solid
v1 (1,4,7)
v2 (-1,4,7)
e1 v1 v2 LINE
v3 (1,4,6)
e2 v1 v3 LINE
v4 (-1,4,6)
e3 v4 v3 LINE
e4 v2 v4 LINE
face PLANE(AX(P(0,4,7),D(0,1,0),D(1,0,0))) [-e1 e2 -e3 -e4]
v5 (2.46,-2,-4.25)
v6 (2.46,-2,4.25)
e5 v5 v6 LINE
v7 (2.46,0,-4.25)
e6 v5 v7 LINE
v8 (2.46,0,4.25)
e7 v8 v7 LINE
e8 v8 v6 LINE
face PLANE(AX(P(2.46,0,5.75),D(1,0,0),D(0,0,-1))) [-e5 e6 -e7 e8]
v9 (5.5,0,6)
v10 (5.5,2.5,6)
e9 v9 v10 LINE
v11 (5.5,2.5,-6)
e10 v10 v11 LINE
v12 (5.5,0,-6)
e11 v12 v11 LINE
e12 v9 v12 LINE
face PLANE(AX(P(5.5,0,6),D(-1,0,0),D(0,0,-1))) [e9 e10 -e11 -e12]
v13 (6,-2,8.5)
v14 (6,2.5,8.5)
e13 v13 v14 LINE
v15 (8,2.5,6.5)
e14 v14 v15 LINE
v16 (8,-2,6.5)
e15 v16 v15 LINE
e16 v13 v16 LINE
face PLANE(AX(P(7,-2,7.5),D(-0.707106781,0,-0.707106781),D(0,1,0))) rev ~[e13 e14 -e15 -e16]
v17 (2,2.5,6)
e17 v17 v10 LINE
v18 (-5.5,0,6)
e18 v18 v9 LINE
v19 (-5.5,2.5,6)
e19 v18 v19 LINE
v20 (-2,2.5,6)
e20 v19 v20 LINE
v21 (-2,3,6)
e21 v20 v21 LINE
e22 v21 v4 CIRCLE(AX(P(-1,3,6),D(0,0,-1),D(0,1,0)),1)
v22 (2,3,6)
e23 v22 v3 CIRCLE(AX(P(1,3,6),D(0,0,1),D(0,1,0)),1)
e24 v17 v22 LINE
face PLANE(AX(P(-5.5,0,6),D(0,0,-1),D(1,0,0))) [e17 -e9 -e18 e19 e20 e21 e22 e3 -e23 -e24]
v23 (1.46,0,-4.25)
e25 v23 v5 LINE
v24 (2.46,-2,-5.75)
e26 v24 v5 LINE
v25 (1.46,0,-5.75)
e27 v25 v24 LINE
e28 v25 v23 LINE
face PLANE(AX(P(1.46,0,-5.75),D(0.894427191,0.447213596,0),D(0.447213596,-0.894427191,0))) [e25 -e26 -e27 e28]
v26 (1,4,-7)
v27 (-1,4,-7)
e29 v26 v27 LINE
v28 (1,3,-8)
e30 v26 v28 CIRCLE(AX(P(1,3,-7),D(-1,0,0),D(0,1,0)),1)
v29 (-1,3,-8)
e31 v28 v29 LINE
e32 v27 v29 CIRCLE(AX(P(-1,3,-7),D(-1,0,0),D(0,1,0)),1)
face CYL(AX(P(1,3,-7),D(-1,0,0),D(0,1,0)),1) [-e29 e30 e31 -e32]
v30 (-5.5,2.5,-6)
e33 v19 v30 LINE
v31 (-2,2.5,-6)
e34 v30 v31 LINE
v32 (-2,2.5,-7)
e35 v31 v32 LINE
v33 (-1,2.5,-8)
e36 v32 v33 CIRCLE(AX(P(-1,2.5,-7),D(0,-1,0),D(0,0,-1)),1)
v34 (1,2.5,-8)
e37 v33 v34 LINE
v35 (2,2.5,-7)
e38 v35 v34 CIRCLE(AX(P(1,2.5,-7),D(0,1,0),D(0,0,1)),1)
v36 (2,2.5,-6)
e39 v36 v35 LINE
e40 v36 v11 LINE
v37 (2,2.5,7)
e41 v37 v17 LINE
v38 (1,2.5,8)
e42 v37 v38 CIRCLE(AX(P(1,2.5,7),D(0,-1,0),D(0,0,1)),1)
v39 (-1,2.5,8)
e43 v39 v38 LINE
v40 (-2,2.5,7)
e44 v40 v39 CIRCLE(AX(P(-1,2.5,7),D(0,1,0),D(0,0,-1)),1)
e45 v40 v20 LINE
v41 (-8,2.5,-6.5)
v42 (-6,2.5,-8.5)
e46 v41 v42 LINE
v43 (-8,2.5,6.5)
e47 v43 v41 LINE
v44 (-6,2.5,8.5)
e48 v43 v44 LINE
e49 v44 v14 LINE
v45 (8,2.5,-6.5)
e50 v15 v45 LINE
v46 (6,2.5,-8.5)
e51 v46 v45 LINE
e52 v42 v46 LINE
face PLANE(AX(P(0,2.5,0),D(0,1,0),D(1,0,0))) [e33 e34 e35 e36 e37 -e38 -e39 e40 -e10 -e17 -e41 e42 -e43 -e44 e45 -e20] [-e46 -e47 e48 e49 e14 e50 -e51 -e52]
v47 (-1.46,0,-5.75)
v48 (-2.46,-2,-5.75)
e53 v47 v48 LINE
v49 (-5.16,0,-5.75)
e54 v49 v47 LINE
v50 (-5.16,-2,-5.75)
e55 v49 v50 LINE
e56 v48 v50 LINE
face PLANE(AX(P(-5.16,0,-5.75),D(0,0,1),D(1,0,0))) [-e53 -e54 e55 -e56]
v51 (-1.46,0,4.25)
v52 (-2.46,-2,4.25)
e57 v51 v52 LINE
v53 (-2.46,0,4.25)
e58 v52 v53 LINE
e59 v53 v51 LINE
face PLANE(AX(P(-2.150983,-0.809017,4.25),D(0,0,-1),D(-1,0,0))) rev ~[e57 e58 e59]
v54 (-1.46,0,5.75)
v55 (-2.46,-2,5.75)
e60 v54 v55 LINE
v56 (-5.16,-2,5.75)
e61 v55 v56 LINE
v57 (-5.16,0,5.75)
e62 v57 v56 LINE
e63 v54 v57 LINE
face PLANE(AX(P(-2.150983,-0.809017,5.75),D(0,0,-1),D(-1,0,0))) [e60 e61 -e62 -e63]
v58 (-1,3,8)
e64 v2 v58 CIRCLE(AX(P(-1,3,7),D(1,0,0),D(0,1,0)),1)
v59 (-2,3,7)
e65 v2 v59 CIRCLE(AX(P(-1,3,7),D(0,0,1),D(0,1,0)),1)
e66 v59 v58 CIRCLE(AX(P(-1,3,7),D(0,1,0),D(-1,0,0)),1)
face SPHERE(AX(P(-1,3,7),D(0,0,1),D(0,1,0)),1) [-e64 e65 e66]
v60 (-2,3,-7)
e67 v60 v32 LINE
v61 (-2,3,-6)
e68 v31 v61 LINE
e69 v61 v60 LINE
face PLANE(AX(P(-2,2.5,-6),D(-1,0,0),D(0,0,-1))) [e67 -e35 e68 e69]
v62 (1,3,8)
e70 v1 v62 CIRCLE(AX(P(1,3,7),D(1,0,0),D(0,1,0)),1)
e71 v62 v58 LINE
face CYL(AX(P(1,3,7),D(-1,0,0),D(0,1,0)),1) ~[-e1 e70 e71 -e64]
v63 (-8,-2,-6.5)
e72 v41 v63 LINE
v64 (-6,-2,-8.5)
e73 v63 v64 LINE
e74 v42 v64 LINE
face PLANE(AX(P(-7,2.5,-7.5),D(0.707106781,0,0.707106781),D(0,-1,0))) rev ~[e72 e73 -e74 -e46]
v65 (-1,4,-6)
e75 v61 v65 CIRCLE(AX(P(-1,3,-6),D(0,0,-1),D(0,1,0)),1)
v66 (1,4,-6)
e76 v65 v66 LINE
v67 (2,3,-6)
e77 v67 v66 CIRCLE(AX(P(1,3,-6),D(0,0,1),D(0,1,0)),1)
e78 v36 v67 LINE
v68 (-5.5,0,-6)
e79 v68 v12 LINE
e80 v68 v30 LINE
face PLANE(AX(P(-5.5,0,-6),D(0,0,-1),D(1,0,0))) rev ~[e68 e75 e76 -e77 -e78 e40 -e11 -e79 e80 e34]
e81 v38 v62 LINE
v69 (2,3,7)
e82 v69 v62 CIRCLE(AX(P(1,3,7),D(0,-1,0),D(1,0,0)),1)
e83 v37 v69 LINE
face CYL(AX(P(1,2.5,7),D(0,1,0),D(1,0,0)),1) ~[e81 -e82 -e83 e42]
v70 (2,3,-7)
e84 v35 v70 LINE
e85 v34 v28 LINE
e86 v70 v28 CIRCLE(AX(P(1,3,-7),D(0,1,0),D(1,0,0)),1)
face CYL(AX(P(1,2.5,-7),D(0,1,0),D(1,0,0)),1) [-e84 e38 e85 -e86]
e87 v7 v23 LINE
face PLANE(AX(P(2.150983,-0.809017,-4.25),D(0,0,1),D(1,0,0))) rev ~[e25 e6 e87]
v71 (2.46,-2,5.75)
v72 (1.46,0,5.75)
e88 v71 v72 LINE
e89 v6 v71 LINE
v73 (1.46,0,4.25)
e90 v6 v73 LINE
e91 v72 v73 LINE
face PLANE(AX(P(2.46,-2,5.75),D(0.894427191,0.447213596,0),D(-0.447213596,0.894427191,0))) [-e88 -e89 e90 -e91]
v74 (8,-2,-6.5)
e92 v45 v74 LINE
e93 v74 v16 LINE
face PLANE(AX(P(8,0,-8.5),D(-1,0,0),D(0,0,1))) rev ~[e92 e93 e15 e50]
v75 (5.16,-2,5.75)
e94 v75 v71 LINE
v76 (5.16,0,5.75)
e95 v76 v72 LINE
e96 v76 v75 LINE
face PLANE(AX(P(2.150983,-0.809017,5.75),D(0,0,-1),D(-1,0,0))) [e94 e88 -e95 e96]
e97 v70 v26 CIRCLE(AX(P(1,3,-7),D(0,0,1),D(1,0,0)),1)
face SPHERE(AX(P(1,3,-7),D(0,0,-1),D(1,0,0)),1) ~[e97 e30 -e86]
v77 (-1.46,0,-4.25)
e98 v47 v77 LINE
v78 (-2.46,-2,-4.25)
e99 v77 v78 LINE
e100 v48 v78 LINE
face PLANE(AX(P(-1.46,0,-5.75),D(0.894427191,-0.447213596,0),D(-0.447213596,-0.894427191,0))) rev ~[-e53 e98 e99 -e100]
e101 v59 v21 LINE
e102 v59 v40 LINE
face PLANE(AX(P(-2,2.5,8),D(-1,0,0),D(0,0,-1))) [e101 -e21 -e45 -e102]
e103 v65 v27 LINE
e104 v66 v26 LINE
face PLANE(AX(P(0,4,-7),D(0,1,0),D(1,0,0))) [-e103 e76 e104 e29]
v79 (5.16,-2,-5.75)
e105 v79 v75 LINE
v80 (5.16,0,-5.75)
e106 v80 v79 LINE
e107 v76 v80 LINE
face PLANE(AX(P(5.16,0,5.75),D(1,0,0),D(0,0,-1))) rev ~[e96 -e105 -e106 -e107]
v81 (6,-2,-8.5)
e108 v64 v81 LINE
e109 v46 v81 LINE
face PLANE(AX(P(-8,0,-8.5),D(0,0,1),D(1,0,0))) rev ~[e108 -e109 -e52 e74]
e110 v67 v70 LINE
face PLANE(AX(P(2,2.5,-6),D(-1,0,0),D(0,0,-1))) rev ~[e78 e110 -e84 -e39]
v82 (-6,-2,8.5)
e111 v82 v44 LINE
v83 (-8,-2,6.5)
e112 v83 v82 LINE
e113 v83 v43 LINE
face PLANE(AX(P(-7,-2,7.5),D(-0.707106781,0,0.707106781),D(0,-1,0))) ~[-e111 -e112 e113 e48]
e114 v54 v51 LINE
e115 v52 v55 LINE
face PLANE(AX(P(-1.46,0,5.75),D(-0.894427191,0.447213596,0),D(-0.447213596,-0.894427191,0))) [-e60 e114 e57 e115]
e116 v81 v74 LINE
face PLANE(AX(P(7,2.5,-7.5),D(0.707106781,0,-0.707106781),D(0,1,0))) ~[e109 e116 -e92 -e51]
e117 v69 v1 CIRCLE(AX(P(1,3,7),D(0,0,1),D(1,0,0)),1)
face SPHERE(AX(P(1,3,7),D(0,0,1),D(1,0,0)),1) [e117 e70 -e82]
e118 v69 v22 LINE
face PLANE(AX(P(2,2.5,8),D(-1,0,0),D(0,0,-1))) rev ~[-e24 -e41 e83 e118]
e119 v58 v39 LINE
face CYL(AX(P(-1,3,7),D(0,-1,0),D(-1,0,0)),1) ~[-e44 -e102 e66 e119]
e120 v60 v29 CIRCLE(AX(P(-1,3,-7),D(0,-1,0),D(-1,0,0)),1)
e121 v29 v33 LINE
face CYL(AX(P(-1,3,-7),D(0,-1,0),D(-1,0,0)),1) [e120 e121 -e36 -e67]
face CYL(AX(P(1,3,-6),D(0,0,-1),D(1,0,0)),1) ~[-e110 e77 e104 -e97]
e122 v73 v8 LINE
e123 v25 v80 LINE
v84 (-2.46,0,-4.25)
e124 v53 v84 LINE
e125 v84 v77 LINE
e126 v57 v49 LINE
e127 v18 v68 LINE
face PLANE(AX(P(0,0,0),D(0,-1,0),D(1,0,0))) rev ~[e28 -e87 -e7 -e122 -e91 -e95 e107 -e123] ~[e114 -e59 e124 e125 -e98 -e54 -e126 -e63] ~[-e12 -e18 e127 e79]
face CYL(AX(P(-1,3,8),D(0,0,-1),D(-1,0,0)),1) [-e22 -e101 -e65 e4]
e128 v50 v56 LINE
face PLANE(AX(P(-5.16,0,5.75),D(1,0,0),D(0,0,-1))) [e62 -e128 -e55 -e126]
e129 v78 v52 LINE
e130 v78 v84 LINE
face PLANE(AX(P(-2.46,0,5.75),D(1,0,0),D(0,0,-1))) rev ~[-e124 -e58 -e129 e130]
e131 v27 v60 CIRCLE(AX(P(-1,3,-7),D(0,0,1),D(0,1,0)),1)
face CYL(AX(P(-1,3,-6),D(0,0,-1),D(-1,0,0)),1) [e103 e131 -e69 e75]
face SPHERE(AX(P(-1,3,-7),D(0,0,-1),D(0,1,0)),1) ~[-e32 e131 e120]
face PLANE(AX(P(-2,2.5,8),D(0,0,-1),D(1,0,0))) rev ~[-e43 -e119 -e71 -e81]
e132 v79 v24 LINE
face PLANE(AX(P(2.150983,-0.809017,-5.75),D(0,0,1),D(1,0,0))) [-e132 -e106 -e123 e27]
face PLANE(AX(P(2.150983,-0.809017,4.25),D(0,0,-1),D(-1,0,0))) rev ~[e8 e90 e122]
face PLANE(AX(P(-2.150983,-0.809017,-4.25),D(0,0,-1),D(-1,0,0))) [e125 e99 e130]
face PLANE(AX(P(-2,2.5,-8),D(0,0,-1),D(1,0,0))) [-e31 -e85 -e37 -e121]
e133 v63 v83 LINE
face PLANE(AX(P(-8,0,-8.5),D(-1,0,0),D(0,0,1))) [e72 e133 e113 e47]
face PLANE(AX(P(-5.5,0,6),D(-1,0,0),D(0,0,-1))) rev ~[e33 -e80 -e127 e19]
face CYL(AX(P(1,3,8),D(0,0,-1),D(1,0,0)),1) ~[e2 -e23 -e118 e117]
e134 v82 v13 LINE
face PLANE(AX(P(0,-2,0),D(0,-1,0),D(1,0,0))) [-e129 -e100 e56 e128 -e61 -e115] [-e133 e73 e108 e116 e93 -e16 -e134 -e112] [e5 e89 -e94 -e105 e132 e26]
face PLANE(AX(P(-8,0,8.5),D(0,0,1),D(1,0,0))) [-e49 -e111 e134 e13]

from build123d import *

# Parameters (mm, degrees)
SKETCH1_W           = 16
SKETCH1_H           = 17
SKETCH1_W_2         = 11
SKETCH1_H_2         = 12
BOSS_EXTRUDE1_DEPTH = 2.5
SKETCH2_W           = 16
SKETCH2_H           = 17
BOSS_EXTRUDE2_DEPTH = 2
SKETCH4_W           = 2.7
SKETCH4_H           = 11.5
CUT_EXTRUDE1_DEPTH  = 12.937336386
CHAMFER1_SIZE       = 2
SKETCH5_W           = 4
SKETCH5_H           = 2
BOSS_EXTRUDE3_DEPTH = 1.5
FILLET1_R           = 1
FILLET2_R           = 1
CUT_EXTRUDE2_DEPTH  = 1.5
CUT_EXTRUDE3_DEPTH  = 1.5


with BuildPart() as part:
    # Sketch1 → Boss-Extrude1 (new body)
    with BuildSketch(Plane(origin=(0, 0, 0), x_dir=(1, 0, 0), z_dir=(0, 1, 0))):
        Rectangle(SKETCH1_W, SKETCH1_H)
        Rectangle(SKETCH1_W_2, SKETCH1_H_2, mode=Mode.SUBTRACT)
    extrude(amount=BOSS_EXTRUDE1_DEPTH)

    # Sketch2 → Boss-Extrude2 (add)
    with BuildSketch(Plane.XZ):
        Rectangle(SKETCH2_W, SKETCH2_H)
    extrude(amount=BOSS_EXTRUDE2_DEPTH)

    # Sketch4 → Cut-Extrude1 (cut, through all)
    with BuildSketch(Plane(origin=(0, 0, 0), x_dir=(1, 0, 0), z_dir=(0, 1, 0))):
        with Locations((-3.81, 0)):
            Rectangle(SKETCH4_W, SKETCH4_H)
        with Locations((3.81, 0)):
            Rectangle(SKETCH4_W, SKETCH4_H)
    extrude(amount=-CUT_EXTRUDE1_DEPTH, mode=Mode.SUBTRACT)

    # Chamfer1
    chamfer1_edges = [part.edges().sort_by_distance(p)[0] for p in [
        (-8, 0.25, -8.5),
        (8, 0.25, -8.5),
        (8, 0.25, 8.5),
        (-8, 0.25, 8.5),
    ]]
    chamfer(chamfer1_edges, length=CHAMFER1_SIZE)

    # Sketch5 → Boss-Extrude3 (add)
    with BuildSketch(Plane(origin=(0, 2.5, 0), x_dir=(1, 0, 0), z_dir=(0, 1, 0))):
        with Locations((0, 7)):
            Rectangle(SKETCH5_W, SKETCH5_H)
        with Locations((0, -7)):
            Rectangle(SKETCH5_W, SKETCH5_H)
    extrude(amount=BOSS_EXTRUDE3_DEPTH)

    # Fillet1
    fillet1_edges = [part.edges().sort_by_distance(p)[0] for p in [
        (2, 4, -7),
        (-2, 4, -7),
        (2, 4, 7),
        (-2, 4, 7),
    ]]
    fillet(fillet1_edges, radius=FILLET1_R)

    # Fillet2
    fillet2_edges = [part.edges().sort_by_distance(p)[0] for p in [
        (2, 2.75, -8),
        (0, 4, -8),
        (-2, 2.75, -8),
        (-1.707106781, 3.707106781, -8),
        (1.707106781, 3.707106781, -8),
        (2, 2.75, 8),
        (0, 4, 8),
        (-2, 2.75, 8),
        (-1.707106781, 3.707106781, 8),
        (1.707106781, 3.707106781, 8),
    ]]
    fillet(fillet2_edges, radius=FILLET2_R)

    # Sketch6 → Cut-Extrude2 (cut)
    with BuildSketch(Plane.XY.offset(-5.75)):
        Polygon((-2.46, -2), (-2.46, 0), (-1.46, 0), align=None)
        Polygon((2.46, -2), (2.46, 0), (1.46, 0), align=None)
    extrude(amount=CUT_EXTRUDE2_DEPTH, mode=Mode.SUBTRACT)

    # Sketch8 → Cut-Extrude3 (cut)
    with BuildSketch(Plane(origin=(0, 0, 5.75), x_dir=(-1, 0, 0), z_dir=(0, 0, -1))):
        Polygon((-2.46, 0), (-2.46, -2), (-1.46, 0), align=None)
        Polygon((2.46, -2), (2.46, 0), (1.46, 0), align=None)
    extrude(amount=CUT_EXTRUDE3_DEPTH, mode=Mode.SUBTRACT)


solid = part.part
